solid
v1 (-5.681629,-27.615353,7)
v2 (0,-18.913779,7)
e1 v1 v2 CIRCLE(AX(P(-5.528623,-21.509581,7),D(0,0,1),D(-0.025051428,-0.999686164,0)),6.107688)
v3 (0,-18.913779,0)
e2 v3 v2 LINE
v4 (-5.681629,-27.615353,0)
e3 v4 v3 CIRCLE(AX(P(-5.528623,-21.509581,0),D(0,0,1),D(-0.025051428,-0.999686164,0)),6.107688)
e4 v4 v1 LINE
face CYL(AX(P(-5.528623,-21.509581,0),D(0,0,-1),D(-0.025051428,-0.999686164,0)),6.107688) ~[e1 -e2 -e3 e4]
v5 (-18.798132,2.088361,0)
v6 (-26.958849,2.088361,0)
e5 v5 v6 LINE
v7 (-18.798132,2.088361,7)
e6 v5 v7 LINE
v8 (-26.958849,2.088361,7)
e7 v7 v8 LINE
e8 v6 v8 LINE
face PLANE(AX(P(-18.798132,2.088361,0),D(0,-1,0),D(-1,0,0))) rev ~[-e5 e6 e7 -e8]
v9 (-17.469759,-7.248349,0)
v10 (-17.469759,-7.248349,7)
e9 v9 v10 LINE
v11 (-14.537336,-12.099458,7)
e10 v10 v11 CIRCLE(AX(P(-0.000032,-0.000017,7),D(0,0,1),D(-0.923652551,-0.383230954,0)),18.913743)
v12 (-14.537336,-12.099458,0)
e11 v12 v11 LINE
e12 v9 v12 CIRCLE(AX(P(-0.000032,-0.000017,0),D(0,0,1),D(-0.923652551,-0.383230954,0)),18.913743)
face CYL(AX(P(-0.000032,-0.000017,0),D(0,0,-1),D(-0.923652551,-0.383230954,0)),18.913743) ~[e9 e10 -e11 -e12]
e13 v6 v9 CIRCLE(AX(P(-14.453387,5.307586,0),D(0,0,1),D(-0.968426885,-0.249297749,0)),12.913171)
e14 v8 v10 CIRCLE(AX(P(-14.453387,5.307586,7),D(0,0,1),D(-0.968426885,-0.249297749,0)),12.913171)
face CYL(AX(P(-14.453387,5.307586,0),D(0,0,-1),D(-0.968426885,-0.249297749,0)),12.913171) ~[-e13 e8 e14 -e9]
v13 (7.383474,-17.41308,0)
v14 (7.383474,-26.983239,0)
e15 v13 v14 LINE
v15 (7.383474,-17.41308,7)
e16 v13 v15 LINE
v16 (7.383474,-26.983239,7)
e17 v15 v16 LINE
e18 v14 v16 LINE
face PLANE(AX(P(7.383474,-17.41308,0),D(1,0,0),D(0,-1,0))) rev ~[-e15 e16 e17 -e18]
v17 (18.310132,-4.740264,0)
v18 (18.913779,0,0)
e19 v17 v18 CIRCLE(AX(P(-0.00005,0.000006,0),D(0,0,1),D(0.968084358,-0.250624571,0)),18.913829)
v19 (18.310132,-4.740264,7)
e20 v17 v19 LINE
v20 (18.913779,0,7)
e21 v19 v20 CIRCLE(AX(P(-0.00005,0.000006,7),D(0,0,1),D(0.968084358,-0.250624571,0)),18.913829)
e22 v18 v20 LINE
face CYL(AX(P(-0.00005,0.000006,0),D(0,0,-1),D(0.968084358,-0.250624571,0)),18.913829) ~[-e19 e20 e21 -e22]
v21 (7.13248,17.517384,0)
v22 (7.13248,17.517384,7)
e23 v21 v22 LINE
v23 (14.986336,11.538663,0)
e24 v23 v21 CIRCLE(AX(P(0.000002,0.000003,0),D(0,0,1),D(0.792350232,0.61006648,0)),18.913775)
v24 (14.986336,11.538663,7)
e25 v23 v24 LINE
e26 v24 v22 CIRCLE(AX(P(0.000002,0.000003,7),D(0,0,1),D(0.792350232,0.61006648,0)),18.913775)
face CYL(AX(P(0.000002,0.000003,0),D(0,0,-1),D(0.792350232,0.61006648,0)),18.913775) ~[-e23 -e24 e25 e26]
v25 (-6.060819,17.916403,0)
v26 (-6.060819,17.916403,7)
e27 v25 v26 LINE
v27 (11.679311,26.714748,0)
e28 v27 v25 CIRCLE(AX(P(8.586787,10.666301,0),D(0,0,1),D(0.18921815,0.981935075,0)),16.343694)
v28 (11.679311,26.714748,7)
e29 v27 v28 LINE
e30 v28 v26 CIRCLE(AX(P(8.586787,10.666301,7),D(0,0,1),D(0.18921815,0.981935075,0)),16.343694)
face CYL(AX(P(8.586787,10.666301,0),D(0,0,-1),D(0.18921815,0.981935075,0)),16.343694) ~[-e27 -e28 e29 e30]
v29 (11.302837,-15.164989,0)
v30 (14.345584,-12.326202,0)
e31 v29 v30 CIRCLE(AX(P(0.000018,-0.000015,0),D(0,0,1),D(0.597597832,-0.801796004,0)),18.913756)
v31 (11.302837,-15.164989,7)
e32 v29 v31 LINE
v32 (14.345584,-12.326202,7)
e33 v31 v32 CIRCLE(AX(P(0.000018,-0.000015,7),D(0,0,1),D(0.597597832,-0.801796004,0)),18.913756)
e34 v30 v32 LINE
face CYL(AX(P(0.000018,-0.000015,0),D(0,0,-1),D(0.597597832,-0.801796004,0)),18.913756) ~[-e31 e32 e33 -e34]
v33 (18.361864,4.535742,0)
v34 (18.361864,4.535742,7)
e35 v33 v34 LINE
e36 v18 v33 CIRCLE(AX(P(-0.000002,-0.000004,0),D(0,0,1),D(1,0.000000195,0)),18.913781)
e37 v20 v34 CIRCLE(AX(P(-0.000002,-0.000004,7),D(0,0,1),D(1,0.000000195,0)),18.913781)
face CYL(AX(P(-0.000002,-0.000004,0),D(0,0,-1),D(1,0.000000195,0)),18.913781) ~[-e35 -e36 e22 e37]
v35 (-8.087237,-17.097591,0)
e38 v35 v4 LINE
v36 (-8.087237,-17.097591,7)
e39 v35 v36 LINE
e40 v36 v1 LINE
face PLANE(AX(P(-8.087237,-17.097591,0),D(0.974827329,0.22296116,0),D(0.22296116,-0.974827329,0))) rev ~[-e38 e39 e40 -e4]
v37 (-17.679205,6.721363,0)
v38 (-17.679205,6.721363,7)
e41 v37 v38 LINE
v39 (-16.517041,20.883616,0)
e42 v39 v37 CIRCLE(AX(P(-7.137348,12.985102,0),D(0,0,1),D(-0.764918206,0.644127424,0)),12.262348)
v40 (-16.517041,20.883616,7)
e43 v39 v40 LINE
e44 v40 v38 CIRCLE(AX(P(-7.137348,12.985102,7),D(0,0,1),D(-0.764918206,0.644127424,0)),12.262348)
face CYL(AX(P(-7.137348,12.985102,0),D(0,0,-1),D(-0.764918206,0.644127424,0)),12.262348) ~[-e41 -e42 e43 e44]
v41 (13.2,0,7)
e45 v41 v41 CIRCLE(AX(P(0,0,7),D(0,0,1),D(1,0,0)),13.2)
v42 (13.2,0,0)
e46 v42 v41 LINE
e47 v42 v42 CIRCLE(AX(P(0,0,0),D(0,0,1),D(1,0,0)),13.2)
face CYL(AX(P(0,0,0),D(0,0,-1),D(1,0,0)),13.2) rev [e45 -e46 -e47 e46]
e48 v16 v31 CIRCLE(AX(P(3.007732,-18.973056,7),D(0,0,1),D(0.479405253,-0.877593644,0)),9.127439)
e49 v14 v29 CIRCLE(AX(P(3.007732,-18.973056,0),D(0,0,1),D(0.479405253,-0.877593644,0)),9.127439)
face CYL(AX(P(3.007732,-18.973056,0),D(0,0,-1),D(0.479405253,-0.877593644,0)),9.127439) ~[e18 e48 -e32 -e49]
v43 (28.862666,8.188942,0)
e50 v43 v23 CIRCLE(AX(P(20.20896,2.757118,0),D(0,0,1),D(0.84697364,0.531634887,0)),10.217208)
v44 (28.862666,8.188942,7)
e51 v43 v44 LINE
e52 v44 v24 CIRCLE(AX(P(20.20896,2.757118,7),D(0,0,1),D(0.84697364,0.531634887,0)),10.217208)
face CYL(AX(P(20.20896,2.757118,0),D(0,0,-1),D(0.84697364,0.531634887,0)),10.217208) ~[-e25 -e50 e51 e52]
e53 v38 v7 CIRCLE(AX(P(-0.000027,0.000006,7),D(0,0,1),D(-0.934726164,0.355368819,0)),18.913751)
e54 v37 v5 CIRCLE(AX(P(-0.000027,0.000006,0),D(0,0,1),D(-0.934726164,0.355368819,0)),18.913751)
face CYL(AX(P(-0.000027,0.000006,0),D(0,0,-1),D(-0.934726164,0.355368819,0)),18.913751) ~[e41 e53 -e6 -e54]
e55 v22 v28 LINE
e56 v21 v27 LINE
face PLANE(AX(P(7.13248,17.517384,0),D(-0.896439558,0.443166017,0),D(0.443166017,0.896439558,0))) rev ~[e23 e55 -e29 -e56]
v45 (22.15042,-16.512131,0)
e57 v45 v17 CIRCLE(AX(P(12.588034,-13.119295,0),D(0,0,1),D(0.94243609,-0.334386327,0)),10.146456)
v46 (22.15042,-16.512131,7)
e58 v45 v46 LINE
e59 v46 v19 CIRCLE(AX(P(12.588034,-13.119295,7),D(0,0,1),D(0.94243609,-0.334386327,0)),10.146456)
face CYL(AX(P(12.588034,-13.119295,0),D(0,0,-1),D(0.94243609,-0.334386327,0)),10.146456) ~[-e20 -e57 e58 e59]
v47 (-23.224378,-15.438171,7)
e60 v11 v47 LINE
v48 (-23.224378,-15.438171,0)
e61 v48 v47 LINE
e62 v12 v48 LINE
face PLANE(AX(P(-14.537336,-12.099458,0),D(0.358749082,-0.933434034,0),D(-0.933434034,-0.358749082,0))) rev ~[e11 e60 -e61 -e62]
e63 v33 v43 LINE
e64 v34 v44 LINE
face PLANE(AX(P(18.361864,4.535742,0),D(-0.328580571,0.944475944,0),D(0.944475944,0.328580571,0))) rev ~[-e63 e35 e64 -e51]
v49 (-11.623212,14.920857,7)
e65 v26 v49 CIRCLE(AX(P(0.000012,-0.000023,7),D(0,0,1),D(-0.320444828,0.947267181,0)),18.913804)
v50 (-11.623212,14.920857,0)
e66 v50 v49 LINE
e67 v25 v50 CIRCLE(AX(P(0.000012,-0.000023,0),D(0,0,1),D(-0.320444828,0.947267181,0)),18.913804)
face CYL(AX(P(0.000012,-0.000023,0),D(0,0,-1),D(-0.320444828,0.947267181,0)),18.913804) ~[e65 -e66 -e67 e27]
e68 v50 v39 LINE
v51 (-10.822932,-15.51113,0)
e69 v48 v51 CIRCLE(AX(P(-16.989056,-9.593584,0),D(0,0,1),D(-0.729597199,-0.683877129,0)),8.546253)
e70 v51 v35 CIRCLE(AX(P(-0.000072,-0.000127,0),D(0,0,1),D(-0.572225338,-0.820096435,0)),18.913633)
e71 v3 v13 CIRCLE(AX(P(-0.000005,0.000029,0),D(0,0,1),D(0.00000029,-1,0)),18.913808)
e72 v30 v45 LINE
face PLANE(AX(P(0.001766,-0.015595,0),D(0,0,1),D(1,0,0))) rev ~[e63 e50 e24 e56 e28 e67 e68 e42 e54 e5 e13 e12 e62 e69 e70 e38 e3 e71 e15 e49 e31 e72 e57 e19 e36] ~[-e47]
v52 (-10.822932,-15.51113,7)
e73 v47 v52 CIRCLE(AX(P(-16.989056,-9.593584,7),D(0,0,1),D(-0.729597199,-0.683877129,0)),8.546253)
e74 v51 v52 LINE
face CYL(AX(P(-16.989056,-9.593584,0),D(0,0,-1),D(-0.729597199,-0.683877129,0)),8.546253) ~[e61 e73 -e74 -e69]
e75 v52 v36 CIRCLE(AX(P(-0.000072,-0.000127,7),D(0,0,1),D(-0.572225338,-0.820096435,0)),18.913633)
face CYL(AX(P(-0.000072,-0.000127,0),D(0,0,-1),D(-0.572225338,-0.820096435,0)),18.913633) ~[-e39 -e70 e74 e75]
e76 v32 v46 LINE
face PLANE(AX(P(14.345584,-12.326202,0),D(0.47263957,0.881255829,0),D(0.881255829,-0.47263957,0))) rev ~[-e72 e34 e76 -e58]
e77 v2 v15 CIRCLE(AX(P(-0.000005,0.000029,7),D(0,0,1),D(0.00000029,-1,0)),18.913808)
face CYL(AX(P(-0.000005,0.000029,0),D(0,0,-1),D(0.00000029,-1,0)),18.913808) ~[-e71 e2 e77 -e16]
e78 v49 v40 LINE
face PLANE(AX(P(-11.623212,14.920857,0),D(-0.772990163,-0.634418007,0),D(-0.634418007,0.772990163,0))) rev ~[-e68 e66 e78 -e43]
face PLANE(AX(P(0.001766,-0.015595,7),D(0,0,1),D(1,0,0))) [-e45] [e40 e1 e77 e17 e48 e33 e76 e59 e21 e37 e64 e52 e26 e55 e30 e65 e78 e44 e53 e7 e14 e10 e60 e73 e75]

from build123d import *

# Parameters (mm, degrees)
F0_R     = 13.2
F1_DEPTH = 7


with BuildPart() as f1:
    # F0 (on Top) → F1 (new body)
    with BuildSketch(Plane.XY):
        with BuildLine():
            ThreePointArc((18.310132, -4.740264), (18.76226, -2.389272), (18.913779, 0))
            ThreePointArc((18.913779, 0), (18.775293, 2.284599), (18.361864, 4.535742))
            ThreePointArc((18.361864, 4.535742), (17.037777, 8.212501), (14.986336, 11.538663))
            ThreePointArc((14.986336, 11.538663), (11.456299, 15.049393), (7.13248, 17.517384))
            ThreePointArc((7.13248, 17.517384), (0.571768, 18.905134), (-6.060819, 17.916403))
            ThreePointArc((-6.060819, 17.916403), (-8.967974, 16.652521), (-11.623212, 14.920857))
            ThreePointArc((-11.623212, 14.920857), (-15.214001, 11.236778), (-17.679205, 6.721363))
            ThreePointArc((-17.679205, 6.721363), (-18.38519, 4.440249), (-18.798132, 2.088361))
            ThreePointArc((-18.798132, 2.088361), (-18.725211, -2.664116), (-17.469759, -7.248349))
            ThreePointArc((-17.469759, -7.248349), (-16.186317, -9.784385), (-14.537336, -12.099458))
            ThreePointArc((-14.537336, -12.099458), (-12.794361, -13.929657), (-10.822932, -15.51113))
            ThreePointArc((-10.822932, -15.51113), (-9.4883, -16.361638), (-8.087237, -17.097591))
            ThreePointArc((-8.087237, -17.097591), (-4.144332, -18.454147), (0, -18.913779))
            ThreePointArc((0, -18.913779), (3.76722, -18.534807), (7.383474, -17.41308))
            ThreePointArc((7.383474, -17.41308), (9.410528, -16.406492), (11.302837, -15.164989))
            ThreePointArc((11.302837, -15.164989), (12.902521, -13.829533), (14.345584, -12.326202))
            ThreePointArc((14.345584, -12.326202), (16.762624, -8.760449), (18.310132, -4.740264))
        make_face()
        Circle(F0_R, mode=Mode.SUBTRACT)
        with BuildLine():
            ThreePointArc((14.986336, 11.538663), (17.037777, 8.212501), (18.361864, 4.535742))
            Line((18.361864, 4.535742), (28.862666, 8.188942))
            ThreePointArc((28.862666, 8.188942), (22.606509, 12.689041), (14.986336, 11.538663))
        make_face()
        with BuildLine():
            ThreePointArc((22.15042, -16.512131), (22.234177, -9.972473), (18.310132, -4.740264))
            ThreePointArc((18.310132, -4.740264), (16.762624, -8.760449), (14.345584, -12.326202))
            Line((14.345584, -12.326202), (22.15042, -16.512131))
        make_face()
        with BuildLine():
            ThreePointArc((-6.060819, 17.916403), (0.571768, 18.905134), (7.13248, 17.517384))
            Line((7.13248, 17.517384), (11.679311, 26.714748))
            ThreePointArc((11.679311, 26.714748), (1.325059, 25.308147), (-6.060819, 17.916403))
        make_face()
        with BuildLine():
            ThreePointArc((7.383474, -26.983239), (11.671181, -21.846172), (11.302837, -15.164989))
            ThreePointArc((11.302837, -15.164989), (9.410528, -16.406492), (7.383474, -17.41308))
            Line((7.383474, -17.41308), (7.383474, -26.983239))
        make_face()
        with BuildLine():
            ThreePointArc((-17.679205, 6.721363), (-15.214001, 11.236778), (-11.623212, 14.920857))
            Line((-11.623212, 14.920857), (-16.517041, 20.883616))
            ThreePointArc((-16.517041, 20.883616), (-19.358616, 13.987987), (-17.679205, 6.721363))
        make_face()
        with BuildLine():
            ThreePointArc((-5.681629, -27.615353), (-0.414558, -24.848773), (0, -18.913779))
            ThreePointArc((0, -18.913779), (-4.144332, -18.454147), (-8.087237, -17.097591))
            Line((-8.087237, -17.097591), (-5.681629, -27.615353))
        make_face()
        with BuildLine():
            ThreePointArc((-17.469759, -7.248349), (-18.725211, -2.664116), (-18.798132, 2.088361))
            Line((-18.798132, 2.088361), (-26.958849, 2.088361))
            ThreePointArc((-26.958849, 2.088361), (-23.510173, -3.897012), (-17.469759, -7.248349))
        make_face()
        with BuildLine():
            ThreePointArc((-23.224378, -15.438171), (-17.039334, -18.139689), (-10.822932, -15.51113))
            ThreePointArc((-10.822932, -15.51113), (-12.794361, -13.929657), (-14.537336, -12.099458))
            Line((-14.537336, -12.099458), (-23.224378, -15.438171))
        make_face()
    extrude(amount=F1_DEPTH)


solid = f1.part
